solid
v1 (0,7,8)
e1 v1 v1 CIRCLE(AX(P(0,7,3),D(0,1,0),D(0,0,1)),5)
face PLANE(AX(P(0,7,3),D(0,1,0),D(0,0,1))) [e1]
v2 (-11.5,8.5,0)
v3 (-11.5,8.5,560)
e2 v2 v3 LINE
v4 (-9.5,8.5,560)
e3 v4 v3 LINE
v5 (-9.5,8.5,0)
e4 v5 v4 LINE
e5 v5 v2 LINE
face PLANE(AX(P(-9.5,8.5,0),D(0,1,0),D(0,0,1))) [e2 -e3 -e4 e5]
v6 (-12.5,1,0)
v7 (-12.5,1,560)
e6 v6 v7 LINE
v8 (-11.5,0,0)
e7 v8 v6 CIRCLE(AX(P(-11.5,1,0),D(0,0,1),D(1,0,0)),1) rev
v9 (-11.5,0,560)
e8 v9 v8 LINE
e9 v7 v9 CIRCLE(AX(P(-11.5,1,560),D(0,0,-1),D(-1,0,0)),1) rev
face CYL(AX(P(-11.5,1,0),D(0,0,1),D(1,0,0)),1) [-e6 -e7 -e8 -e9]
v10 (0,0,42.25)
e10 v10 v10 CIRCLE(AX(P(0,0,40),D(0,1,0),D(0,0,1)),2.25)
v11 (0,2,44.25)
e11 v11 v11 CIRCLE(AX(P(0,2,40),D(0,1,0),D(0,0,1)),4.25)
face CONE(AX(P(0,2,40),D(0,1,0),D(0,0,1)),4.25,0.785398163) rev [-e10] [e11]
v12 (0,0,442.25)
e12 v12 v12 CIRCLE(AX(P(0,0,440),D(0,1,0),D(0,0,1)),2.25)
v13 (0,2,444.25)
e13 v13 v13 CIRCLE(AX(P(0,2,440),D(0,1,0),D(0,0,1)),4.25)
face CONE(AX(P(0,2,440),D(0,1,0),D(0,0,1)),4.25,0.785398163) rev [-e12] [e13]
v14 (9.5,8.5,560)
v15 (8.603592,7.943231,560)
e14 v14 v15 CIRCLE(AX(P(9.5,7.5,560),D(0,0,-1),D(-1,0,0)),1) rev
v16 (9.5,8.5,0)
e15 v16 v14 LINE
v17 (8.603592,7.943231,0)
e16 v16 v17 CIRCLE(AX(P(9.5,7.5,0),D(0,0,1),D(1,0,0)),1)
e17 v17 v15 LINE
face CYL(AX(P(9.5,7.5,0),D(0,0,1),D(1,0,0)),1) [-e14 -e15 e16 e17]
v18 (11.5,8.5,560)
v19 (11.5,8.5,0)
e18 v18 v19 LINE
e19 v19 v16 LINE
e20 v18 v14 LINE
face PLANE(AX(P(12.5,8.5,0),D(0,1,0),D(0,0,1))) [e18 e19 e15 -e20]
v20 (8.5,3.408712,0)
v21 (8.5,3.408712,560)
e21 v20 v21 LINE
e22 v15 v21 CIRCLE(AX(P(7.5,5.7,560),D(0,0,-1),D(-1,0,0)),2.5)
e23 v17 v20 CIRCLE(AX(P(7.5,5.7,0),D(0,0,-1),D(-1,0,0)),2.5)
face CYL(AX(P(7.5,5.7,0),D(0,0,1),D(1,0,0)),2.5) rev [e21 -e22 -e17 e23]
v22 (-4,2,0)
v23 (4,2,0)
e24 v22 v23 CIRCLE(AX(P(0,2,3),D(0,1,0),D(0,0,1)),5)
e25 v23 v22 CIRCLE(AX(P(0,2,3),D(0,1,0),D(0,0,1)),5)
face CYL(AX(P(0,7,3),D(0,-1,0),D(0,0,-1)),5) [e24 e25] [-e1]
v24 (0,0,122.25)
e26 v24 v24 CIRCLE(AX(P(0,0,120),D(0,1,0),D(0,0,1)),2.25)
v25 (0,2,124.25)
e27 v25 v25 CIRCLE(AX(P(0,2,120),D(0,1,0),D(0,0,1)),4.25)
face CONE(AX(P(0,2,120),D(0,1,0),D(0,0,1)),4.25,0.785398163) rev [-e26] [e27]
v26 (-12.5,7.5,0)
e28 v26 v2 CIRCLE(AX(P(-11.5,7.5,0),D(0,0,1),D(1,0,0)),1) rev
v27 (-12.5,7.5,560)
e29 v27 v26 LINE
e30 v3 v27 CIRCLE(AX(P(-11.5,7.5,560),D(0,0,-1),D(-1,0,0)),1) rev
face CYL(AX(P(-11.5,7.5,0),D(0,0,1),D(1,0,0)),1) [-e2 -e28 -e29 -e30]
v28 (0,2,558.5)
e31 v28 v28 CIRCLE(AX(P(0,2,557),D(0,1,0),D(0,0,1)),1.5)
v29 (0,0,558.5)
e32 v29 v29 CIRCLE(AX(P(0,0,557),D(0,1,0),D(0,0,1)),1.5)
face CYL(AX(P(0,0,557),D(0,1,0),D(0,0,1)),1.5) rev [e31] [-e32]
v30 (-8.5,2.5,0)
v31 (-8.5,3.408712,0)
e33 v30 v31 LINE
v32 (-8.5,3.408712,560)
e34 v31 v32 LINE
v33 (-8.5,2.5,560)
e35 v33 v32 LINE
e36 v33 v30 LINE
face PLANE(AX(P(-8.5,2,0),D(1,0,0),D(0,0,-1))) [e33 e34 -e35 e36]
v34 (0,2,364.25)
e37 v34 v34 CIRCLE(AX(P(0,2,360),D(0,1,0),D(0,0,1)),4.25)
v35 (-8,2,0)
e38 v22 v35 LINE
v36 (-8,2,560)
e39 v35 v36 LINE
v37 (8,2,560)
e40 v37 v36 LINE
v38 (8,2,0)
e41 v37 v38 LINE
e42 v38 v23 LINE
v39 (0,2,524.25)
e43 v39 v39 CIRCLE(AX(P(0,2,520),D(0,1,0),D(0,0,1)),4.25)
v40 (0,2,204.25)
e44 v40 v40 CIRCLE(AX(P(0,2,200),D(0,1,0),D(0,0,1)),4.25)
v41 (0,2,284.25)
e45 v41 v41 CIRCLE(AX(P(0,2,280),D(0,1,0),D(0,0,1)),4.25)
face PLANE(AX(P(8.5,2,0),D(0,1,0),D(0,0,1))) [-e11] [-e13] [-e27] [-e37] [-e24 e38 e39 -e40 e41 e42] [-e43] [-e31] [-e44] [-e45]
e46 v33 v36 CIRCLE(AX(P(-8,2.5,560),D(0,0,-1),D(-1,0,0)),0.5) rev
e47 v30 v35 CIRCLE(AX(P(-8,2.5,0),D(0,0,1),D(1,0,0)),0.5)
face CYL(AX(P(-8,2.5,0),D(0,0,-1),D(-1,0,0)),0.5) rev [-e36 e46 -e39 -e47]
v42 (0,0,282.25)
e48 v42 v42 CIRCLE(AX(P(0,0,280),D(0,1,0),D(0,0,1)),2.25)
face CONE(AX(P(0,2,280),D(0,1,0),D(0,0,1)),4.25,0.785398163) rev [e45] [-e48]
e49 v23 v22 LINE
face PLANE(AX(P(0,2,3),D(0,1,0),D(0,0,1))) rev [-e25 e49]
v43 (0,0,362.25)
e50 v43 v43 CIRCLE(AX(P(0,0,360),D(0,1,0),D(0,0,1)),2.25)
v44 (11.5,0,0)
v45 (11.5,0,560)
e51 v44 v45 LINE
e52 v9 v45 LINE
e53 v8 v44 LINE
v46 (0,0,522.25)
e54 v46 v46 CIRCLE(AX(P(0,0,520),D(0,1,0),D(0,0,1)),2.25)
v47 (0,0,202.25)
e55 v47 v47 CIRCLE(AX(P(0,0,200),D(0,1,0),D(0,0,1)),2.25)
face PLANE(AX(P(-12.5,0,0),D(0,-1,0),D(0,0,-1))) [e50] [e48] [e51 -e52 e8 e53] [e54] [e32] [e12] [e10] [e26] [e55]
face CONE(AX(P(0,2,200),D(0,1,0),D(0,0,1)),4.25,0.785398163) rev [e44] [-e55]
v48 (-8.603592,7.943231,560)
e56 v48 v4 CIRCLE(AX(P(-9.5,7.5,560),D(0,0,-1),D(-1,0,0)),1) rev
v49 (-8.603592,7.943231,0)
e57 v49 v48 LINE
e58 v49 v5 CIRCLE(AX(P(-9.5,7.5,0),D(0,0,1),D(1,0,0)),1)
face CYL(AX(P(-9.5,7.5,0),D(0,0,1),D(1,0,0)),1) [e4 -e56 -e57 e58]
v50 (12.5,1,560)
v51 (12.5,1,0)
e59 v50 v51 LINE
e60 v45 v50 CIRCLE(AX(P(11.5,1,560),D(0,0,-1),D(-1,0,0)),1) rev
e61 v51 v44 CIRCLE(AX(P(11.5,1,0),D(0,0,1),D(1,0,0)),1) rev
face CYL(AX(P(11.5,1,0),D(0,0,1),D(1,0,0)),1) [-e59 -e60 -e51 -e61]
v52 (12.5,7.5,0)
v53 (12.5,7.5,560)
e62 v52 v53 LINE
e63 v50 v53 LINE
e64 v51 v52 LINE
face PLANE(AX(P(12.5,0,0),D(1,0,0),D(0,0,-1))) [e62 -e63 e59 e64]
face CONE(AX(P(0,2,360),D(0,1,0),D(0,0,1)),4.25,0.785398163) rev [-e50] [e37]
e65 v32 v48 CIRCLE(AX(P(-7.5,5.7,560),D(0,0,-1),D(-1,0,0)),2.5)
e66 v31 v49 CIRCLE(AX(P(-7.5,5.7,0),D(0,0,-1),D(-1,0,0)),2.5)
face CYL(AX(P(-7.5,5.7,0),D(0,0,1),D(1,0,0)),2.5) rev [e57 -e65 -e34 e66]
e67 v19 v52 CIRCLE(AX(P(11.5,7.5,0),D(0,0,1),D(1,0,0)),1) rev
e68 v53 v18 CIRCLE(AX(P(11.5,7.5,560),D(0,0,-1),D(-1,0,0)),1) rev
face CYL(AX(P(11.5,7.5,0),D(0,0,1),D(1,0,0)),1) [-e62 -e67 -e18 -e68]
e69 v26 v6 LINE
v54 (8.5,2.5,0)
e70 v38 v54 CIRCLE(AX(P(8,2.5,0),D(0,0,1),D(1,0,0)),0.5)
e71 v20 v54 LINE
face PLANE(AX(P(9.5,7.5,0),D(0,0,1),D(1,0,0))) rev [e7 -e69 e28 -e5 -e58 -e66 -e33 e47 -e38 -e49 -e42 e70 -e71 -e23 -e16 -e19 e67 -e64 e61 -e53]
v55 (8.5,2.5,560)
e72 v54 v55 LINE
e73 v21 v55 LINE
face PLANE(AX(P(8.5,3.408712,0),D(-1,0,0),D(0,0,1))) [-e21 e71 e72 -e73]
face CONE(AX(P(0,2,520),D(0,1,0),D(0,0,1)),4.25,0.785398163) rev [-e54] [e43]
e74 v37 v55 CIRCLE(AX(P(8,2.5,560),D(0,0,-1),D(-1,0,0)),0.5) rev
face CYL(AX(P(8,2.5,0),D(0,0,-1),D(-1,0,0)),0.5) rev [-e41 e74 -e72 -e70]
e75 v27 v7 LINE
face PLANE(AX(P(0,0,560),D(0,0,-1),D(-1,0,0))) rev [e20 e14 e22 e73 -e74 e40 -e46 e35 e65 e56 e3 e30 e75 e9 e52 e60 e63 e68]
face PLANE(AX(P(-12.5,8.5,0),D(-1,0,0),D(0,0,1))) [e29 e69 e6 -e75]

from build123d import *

# Parameters (mm, degrees)
EXTRUDE_1_DEPTH          = 720
SKETCH_3_R               = 5
EXTRUDE_3_DEPTH          = 5
HOLE_WIZARD_1_AT_2_COUNT = 2
HOLE_WIZARD_1_AT_2_PITCH = 640
HOLE_WIZARD_1_AT_3_COUNT = 2
HOLE_WIZARD_1_AT_3_PITCH = 560
HOLE_WIZARD_1_AT_4_COUNT = 2
HOLE_WIZARD_1_AT_4_PITCH = 480
HOLE_WIZARD_1_AT_5_COUNT = 2
HOLE_WIZARD_1_AT_5_PITCH = 400
HOLE_WIZARD_1_AT_6_COUNT = 2
HOLE_WIZARD_1_AT_6_PITCH = 320
HOLE_WIZARD_1_AT_7_COUNT = 2
HOLE_WIZARD_1_AT_7_PITCH = 240
HOLE_WIZARD_1_AT_8_COUNT = 2
HOLE_WIZARD_1_AT_8_PITCH = 160
HOLE_WIZARD_1_AT_9_COUNT = 2
HOLE_WIZARD_1_AT_9_PITCH = 80
FILLET_1_R               = 0.5
FILLET_2_R               = 1
SKETCH_6_W               = 28.389485075
SKETCH_6_H               = 8.5
CUT_EXTRUDE_1_DEPTH      = 160
SKETCH_7_R               = 1.5
CUT_EXTRUDE_2_DEPTH      = 561.177204106


with BuildPart() as part:
    # ｽｹｯﾁ1 → ﾎﾞｽ - 押し出し1 (new body)
    with BuildSketch(Plane.XY.offset(720)):
        with BuildLine():
            Line((8.5, 3.408712153), (8.5, 2))
            Line((8.5, 2), (-8.5, 2))
            Line((-8.5, 2), (-8.5, 3.408712153))
            ThreePointArc((-8.5, 3.408712153), (-9.999347871, 5.642901666), (-8.603592403, 7.943230663))
            ThreePointArc((-8.603592403, 7.943230663), (-8.97237829, 8.349479447), (-9.5, 8.5))
            Line((-9.5, 8.5), (-12.5, 8.5))
            Line((-12.5, 8.5), (-12.5, 0))
            Line((-12.5, 0), (12.5, 0))
            Line((12.5, 0), (12.5, 8.5))
            Line((12.5, 8.5), (9.5, 8.5))
            ThreePointArc((9.5, 8.5), (8.97237829, 8.349479447), (8.603592403, 7.943230663))
            ThreePointArc((8.603592403, 7.943230663), (9.999347871, 5.642901666), (8.5, 3.408712153))
        make_face()
    extrude(amount=-EXTRUDE_1_DEPTH)

    # ｽｹｯﾁ3 → ﾎﾞｽ - 押し出し3 (add)
    with BuildSketch(Plane(origin=(0, 2, 0), x_dir=(-1, 0, 0), z_dir=(0, 1, 0))):
        with Locations(Location((0, 3, 0), (0, 0, 323.130102354))):
            Circle(SKETCH_3_R)
    extrude(amount=EXTRUDE_3_DEPTH)

    # ｽｹｯﾁ4 → 穴1 (revolve, cut)
    with BuildSketch(Plane(origin=(0, 2, 40), x_dir=(0, 0, 1), z_dir=(1, 0, 0))):
        Polygon((0, 0), (0, 2), (2.25, 2), (4.25, 0), align=None)
    hole_wizard_1 = revolve(axis=Axis((0, -108, 40), (0, 1, 0)), mode=Mode.SUBTRACT)

    # 穴1 at 2: 穴1 ×2
    with Locations(*[(0, 0, i * HOLE_WIZARD_1_AT_2_PITCH) for i in range(1, HOLE_WIZARD_1_AT_2_COUNT)]):
        add(hole_wizard_1, mode=Mode.SUBTRACT)

    # 穴1 at 3: 穴1 ×2
    with Locations(*[(0, 0, i * HOLE_WIZARD_1_AT_3_PITCH) for i in range(1, HOLE_WIZARD_1_AT_3_COUNT)]):
        add(hole_wizard_1, mode=Mode.SUBTRACT)

    # 穴1 at 4: 穴1 ×2
    with Locations(*[(0, 0, i * HOLE_WIZARD_1_AT_4_PITCH) for i in range(1, HOLE_WIZARD_1_AT_4_COUNT)]):
        add(hole_wizard_1, mode=Mode.SUBTRACT)

    # 穴1 at 5: 穴1 ×2
    with Locations(*[(0, 0, i * HOLE_WIZARD_1_AT_5_PITCH) for i in range(1, HOLE_WIZARD_1_AT_5_COUNT)]):
        add(hole_wizard_1, mode=Mode.SUBTRACT)

    # 穴1 at 6: 穴1 ×2
    with Locations(*[(0, 0, i * HOLE_WIZARD_1_AT_6_PITCH) for i in range(1, HOLE_WIZARD_1_AT_6_COUNT)]):
        add(hole_wizard_1, mode=Mode.SUBTRACT)

    # 穴1 at 7: 穴1 ×2
    with Locations(*[(0, 0, i * HOLE_WIZARD_1_AT_7_PITCH) for i in range(1, HOLE_WIZARD_1_AT_7_COUNT)]):
        add(hole_wizard_1, mode=Mode.SUBTRACT)

    # 穴1 at 8: 穴1 ×2
    with Locations(*[(0, 0, i * HOLE_WIZARD_1_AT_8_PITCH) for i in range(1, HOLE_WIZARD_1_AT_8_COUNT)]):
        add(hole_wizard_1, mode=Mode.SUBTRACT)

    # 穴1 at 9: 穴1 ×2
    with Locations(*[(0, 0, i * HOLE_WIZARD_1_AT_9_PITCH) for i in range(1, HOLE_WIZARD_1_AT_9_COUNT)]):
        add(hole_wizard_1, mode=Mode.SUBTRACT)

    # ﾌｨﾚｯﾄ1
    fillet_1_edges = [part.edges().sort_by_distance(p)[0] for p in [
        (-8.5, 2, 360),
        (8.5, 2, 360),
    ]]
    fillet(fillet_1_edges, radius=FILLET_1_R)

    # ﾌｨﾚｯﾄ2
    fillet_2_edges = [part.edges().sort_by_distance(p)[0] for p in [
        (12.5, 8.5, 360),
        (12.5, 0, 360),
        (-12.5, 0, 360),
        (-12.5, 8.5, 360),
    ]]
    fillet(fillet_2_edges, radius=FILLET_2_R)

    # ｽｹｯﾁ6 → ｶｯﾄ - 押し出し1 (cut)
    with BuildSketch(Plane.XY.offset(720)):
        with Locations((-0.090556571, 4.25)):
            Rectangle(SKETCH_6_W, SKETCH_6_H)
    extrude(amount=-CUT_EXTRUDE_1_DEPTH, mode=Mode.SUBTRACT)

    # ｽｹｯﾁ7 → ｶｯﾄ - 押し出し2 (cut, through all)
    with BuildSketch(Plane(origin=(0, 2, 0), x_dir=(1, 0, 0), z_dir=(0, 1, 0))):
        with Locations(Location((0, -557, 0), (0, 0, 270))):
            Circle(SKETCH_7_R)
    extrude(amount=-CUT_EXTRUDE_2_DEPTH, mode=Mode.SUBTRACT)


solid = part.part
